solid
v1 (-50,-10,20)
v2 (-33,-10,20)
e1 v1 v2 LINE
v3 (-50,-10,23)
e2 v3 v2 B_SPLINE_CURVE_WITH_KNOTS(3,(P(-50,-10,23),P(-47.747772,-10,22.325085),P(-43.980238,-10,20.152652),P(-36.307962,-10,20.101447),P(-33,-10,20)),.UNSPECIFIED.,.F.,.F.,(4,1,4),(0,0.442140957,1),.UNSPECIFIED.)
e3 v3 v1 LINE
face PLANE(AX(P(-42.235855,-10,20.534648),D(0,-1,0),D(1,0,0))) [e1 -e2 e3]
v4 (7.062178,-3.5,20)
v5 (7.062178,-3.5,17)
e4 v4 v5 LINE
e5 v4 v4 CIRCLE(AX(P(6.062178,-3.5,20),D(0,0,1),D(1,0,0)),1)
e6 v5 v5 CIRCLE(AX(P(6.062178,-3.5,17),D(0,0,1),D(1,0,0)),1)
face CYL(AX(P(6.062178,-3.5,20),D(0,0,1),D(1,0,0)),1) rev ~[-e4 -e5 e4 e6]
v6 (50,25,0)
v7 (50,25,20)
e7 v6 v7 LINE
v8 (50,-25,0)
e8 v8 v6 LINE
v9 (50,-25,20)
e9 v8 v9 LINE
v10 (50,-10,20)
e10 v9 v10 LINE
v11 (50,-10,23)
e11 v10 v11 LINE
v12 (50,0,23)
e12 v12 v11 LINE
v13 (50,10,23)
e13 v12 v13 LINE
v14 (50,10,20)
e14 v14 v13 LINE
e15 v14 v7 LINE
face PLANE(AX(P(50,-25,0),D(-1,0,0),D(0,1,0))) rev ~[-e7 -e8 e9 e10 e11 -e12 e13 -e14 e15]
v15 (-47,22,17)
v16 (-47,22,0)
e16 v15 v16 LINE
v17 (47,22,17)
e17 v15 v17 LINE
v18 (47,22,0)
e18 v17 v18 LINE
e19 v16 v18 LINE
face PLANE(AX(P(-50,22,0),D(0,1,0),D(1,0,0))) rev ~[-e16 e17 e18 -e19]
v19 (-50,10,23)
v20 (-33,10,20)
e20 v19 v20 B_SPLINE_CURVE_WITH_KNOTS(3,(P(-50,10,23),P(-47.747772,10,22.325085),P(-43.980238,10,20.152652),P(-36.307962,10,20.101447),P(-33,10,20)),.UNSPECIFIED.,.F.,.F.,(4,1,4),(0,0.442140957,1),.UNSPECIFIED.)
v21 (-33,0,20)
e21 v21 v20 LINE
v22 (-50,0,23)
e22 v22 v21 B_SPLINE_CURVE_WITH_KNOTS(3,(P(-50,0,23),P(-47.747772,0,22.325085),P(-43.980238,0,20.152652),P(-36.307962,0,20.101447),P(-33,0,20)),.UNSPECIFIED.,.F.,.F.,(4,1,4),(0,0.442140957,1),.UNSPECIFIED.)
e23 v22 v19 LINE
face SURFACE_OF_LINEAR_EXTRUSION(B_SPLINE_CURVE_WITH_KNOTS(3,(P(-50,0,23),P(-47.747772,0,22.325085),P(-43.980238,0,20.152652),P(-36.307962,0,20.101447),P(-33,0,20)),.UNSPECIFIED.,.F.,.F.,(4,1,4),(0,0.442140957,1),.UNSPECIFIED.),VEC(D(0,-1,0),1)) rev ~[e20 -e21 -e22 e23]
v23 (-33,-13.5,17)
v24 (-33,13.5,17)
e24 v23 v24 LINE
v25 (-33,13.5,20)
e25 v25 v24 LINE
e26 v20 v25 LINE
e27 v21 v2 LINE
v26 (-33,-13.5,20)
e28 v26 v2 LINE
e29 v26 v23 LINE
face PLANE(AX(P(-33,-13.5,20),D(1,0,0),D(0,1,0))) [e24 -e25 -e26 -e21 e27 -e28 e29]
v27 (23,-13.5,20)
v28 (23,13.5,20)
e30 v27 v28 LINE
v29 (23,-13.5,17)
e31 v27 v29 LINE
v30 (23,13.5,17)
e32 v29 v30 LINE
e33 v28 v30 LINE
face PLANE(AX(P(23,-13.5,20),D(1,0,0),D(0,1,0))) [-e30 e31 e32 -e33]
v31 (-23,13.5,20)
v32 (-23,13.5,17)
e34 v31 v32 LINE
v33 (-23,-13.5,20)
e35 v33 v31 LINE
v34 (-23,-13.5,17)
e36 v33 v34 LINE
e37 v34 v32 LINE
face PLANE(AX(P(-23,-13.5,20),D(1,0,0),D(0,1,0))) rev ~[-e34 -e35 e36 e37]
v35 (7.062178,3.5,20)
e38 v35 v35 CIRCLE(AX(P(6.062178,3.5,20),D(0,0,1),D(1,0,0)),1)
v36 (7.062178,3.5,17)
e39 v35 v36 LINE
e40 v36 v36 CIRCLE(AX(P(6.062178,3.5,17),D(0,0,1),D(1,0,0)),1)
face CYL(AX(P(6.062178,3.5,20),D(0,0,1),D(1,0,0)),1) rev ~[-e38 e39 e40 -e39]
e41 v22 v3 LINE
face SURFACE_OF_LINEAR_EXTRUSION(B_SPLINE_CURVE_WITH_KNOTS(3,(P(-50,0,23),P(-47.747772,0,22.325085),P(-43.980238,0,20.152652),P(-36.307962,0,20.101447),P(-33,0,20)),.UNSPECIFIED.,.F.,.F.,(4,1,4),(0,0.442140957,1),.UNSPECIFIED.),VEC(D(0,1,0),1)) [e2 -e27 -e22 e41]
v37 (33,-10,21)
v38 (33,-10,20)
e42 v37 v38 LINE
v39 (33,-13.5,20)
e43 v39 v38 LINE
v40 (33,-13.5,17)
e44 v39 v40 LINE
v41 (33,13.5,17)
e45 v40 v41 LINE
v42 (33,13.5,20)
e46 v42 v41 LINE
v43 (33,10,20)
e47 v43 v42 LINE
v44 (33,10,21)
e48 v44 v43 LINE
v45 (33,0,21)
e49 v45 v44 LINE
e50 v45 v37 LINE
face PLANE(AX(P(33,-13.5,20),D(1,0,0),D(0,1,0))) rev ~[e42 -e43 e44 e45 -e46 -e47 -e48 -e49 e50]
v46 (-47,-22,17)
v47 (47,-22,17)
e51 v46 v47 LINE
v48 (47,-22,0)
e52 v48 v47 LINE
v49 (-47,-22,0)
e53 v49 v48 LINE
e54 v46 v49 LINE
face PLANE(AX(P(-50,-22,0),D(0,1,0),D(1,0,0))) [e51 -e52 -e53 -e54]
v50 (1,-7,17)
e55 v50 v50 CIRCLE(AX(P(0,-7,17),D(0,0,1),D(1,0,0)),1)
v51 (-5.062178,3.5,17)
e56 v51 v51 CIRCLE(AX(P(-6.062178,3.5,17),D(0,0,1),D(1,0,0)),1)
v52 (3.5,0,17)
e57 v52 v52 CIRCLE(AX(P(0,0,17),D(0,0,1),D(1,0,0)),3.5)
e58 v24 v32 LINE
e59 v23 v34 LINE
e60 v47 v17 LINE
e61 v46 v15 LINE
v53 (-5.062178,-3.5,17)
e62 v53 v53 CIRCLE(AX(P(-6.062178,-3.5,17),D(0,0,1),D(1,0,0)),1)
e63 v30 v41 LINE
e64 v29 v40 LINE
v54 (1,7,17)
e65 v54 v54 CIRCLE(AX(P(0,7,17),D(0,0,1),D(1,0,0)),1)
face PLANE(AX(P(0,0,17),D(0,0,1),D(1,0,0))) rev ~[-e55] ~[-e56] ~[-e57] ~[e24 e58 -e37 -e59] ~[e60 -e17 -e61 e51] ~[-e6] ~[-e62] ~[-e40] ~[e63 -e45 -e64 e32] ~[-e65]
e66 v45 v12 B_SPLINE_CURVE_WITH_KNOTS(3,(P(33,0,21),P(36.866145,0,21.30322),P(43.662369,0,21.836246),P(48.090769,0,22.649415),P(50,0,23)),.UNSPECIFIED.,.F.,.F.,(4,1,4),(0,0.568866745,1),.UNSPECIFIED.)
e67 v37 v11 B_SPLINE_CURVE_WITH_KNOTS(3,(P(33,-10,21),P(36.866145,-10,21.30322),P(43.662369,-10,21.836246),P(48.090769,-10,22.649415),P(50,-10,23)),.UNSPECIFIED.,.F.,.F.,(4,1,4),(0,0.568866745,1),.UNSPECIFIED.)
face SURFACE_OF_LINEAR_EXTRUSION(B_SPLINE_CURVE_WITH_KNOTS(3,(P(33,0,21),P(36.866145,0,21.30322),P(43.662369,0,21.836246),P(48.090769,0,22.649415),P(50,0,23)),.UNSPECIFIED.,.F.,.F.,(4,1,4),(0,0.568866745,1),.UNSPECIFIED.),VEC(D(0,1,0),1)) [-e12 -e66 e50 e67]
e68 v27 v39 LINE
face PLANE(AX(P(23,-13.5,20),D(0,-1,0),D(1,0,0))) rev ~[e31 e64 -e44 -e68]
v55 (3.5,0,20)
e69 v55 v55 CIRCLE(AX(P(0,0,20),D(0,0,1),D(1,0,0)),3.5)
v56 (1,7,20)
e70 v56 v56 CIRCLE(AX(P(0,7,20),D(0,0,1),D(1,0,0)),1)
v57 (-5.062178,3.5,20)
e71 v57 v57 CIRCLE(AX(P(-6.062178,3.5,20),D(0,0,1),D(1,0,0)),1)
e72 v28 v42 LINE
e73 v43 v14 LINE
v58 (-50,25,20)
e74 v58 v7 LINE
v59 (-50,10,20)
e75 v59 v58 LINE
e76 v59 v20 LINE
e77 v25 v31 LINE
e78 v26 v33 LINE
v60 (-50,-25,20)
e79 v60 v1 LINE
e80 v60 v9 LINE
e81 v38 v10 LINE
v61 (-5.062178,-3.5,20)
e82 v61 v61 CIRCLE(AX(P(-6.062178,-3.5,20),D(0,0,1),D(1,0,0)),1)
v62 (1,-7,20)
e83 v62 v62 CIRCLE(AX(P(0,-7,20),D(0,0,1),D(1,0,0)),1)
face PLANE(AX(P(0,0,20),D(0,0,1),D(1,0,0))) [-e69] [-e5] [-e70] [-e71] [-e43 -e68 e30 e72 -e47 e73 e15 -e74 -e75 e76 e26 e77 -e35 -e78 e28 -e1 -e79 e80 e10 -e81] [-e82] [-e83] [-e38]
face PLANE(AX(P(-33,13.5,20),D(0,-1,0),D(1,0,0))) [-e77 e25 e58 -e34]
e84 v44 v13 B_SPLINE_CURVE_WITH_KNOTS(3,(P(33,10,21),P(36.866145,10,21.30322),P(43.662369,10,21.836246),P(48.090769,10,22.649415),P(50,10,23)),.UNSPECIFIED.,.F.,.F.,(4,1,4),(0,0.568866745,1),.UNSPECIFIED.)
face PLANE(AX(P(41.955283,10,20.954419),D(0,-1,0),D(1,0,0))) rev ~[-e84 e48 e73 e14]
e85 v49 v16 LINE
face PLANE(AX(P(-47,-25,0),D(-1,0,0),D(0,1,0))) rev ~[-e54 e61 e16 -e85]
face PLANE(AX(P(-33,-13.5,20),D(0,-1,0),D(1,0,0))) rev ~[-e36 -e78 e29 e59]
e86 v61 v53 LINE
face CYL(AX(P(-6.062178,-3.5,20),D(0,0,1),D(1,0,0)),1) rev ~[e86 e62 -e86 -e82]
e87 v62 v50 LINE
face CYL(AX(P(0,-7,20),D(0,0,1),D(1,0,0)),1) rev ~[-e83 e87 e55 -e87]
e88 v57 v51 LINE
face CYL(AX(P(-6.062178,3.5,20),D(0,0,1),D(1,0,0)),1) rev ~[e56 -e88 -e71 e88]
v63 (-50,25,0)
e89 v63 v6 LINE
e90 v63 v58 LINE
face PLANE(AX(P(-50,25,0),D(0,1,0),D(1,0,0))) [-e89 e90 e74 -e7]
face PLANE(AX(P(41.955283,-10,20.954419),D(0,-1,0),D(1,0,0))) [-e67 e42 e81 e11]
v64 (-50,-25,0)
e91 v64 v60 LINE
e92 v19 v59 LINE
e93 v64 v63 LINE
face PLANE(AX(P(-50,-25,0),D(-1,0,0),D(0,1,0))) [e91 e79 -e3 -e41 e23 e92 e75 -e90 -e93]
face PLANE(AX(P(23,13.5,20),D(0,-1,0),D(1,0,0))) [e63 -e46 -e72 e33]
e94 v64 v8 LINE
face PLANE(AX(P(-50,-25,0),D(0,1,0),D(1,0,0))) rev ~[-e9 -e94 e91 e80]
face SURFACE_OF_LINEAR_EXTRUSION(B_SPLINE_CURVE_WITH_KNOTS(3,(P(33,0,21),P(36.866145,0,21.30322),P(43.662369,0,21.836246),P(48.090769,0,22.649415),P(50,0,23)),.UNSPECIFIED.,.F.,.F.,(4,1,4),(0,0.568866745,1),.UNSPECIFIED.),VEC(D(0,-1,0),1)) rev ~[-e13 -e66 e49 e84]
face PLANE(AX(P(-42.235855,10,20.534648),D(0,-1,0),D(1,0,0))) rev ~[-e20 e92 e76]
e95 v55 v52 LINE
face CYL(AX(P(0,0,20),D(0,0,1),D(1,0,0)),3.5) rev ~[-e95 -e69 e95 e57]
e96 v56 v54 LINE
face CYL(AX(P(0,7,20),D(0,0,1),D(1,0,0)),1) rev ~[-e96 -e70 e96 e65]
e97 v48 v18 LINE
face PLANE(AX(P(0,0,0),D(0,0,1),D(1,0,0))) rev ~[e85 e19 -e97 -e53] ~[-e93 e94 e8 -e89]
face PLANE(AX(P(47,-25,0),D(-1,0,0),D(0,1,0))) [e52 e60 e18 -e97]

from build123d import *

# Parameters (mm, degrees)
F0_W     = 100
F0_H     = 50
F1_DEPTH = 20
F2_T     = -3
F3_R     = 3.5
F3_R_2   = 1
F3_W     = 10
F3_H     = 27
F4_DEPTH = 25
F6_DEPTH = 10


with BuildPart() as f1:
    # F0 (on Top) → F1 (new body)
    with BuildSketch(Plane.XY):
        Rectangle(F0_W, F0_H)
    extrude(amount=F1_DEPTH)

    # F2
    f2_openings = [f1.faces().sort_by_distance(p)[0] for p in [
        (0, 0, 0),
    ]]
    offset(amount=F2_T, openings=f2_openings)

    # F3 (on face) → F4 (cut)
    with BuildSketch(Plane.XY.offset(20)):
        Circle(F3_R)
        with Locations((0, 7)):
            Circle(F3_R_2)
        with Locations((-6.0621778265, 3.5)):
            Circle(F3_R_2)
        with Locations((-6.0621778265, -3.5)):
            Circle(F3_R_2)
        with Locations((0, -7)):
            Circle(F3_R_2)
        with Locations((6.0621778265, -3.5)):
            Circle(F3_R_2)
        with Locations((6.0621778265, 3.5)):
            Circle(F3_R_2)
        with Locations((-28, 0)):
            Rectangle(F3_W, F3_H)
        with Locations((28, 0)):
            Rectangle(F3_W, F3_H)
    extrude(amount=-F4_DEPTH, mode=Mode.SUBTRACT)

    # F5 (on Front) → F6 (join, symmetric)
    with BuildSketch(Plane.XZ):
        with BuildLine():
            Line((33, 20), (50, 20))
            Line((50, 20), (50, 23))
            add(Edge.make_bspline(
                [(33, 21), (36.8661454102, 21.3032203159), (43.6623686797, 21.8362455253), (48.0907692486, 22.6494154176), (50, 23)],
                knots=[0, 0, 0, 0, 0.5688667451, 1, 1, 1, 1], degree=3))
            Line((33, 21), (33, 20))
        make_face()
        with BuildLine():
            Line((-50, 23), (-50, 20))
            Line((-50, 20), (-33, 20))
            add(Edge.make_bspline(
                [(-50, 23), (-47.7477722772, 22.3250847317), (-43.9802378635, 20.1526522743), (-36.3079621025, 20.101446954), (-33, 20)],
                knots=[0, 0, 0, 0, 0.4421409573, 1, 1, 1, 1], degree=3))
        make_face()
    extrude(amount=F6_DEPTH, both=True)


solid = f1.part
